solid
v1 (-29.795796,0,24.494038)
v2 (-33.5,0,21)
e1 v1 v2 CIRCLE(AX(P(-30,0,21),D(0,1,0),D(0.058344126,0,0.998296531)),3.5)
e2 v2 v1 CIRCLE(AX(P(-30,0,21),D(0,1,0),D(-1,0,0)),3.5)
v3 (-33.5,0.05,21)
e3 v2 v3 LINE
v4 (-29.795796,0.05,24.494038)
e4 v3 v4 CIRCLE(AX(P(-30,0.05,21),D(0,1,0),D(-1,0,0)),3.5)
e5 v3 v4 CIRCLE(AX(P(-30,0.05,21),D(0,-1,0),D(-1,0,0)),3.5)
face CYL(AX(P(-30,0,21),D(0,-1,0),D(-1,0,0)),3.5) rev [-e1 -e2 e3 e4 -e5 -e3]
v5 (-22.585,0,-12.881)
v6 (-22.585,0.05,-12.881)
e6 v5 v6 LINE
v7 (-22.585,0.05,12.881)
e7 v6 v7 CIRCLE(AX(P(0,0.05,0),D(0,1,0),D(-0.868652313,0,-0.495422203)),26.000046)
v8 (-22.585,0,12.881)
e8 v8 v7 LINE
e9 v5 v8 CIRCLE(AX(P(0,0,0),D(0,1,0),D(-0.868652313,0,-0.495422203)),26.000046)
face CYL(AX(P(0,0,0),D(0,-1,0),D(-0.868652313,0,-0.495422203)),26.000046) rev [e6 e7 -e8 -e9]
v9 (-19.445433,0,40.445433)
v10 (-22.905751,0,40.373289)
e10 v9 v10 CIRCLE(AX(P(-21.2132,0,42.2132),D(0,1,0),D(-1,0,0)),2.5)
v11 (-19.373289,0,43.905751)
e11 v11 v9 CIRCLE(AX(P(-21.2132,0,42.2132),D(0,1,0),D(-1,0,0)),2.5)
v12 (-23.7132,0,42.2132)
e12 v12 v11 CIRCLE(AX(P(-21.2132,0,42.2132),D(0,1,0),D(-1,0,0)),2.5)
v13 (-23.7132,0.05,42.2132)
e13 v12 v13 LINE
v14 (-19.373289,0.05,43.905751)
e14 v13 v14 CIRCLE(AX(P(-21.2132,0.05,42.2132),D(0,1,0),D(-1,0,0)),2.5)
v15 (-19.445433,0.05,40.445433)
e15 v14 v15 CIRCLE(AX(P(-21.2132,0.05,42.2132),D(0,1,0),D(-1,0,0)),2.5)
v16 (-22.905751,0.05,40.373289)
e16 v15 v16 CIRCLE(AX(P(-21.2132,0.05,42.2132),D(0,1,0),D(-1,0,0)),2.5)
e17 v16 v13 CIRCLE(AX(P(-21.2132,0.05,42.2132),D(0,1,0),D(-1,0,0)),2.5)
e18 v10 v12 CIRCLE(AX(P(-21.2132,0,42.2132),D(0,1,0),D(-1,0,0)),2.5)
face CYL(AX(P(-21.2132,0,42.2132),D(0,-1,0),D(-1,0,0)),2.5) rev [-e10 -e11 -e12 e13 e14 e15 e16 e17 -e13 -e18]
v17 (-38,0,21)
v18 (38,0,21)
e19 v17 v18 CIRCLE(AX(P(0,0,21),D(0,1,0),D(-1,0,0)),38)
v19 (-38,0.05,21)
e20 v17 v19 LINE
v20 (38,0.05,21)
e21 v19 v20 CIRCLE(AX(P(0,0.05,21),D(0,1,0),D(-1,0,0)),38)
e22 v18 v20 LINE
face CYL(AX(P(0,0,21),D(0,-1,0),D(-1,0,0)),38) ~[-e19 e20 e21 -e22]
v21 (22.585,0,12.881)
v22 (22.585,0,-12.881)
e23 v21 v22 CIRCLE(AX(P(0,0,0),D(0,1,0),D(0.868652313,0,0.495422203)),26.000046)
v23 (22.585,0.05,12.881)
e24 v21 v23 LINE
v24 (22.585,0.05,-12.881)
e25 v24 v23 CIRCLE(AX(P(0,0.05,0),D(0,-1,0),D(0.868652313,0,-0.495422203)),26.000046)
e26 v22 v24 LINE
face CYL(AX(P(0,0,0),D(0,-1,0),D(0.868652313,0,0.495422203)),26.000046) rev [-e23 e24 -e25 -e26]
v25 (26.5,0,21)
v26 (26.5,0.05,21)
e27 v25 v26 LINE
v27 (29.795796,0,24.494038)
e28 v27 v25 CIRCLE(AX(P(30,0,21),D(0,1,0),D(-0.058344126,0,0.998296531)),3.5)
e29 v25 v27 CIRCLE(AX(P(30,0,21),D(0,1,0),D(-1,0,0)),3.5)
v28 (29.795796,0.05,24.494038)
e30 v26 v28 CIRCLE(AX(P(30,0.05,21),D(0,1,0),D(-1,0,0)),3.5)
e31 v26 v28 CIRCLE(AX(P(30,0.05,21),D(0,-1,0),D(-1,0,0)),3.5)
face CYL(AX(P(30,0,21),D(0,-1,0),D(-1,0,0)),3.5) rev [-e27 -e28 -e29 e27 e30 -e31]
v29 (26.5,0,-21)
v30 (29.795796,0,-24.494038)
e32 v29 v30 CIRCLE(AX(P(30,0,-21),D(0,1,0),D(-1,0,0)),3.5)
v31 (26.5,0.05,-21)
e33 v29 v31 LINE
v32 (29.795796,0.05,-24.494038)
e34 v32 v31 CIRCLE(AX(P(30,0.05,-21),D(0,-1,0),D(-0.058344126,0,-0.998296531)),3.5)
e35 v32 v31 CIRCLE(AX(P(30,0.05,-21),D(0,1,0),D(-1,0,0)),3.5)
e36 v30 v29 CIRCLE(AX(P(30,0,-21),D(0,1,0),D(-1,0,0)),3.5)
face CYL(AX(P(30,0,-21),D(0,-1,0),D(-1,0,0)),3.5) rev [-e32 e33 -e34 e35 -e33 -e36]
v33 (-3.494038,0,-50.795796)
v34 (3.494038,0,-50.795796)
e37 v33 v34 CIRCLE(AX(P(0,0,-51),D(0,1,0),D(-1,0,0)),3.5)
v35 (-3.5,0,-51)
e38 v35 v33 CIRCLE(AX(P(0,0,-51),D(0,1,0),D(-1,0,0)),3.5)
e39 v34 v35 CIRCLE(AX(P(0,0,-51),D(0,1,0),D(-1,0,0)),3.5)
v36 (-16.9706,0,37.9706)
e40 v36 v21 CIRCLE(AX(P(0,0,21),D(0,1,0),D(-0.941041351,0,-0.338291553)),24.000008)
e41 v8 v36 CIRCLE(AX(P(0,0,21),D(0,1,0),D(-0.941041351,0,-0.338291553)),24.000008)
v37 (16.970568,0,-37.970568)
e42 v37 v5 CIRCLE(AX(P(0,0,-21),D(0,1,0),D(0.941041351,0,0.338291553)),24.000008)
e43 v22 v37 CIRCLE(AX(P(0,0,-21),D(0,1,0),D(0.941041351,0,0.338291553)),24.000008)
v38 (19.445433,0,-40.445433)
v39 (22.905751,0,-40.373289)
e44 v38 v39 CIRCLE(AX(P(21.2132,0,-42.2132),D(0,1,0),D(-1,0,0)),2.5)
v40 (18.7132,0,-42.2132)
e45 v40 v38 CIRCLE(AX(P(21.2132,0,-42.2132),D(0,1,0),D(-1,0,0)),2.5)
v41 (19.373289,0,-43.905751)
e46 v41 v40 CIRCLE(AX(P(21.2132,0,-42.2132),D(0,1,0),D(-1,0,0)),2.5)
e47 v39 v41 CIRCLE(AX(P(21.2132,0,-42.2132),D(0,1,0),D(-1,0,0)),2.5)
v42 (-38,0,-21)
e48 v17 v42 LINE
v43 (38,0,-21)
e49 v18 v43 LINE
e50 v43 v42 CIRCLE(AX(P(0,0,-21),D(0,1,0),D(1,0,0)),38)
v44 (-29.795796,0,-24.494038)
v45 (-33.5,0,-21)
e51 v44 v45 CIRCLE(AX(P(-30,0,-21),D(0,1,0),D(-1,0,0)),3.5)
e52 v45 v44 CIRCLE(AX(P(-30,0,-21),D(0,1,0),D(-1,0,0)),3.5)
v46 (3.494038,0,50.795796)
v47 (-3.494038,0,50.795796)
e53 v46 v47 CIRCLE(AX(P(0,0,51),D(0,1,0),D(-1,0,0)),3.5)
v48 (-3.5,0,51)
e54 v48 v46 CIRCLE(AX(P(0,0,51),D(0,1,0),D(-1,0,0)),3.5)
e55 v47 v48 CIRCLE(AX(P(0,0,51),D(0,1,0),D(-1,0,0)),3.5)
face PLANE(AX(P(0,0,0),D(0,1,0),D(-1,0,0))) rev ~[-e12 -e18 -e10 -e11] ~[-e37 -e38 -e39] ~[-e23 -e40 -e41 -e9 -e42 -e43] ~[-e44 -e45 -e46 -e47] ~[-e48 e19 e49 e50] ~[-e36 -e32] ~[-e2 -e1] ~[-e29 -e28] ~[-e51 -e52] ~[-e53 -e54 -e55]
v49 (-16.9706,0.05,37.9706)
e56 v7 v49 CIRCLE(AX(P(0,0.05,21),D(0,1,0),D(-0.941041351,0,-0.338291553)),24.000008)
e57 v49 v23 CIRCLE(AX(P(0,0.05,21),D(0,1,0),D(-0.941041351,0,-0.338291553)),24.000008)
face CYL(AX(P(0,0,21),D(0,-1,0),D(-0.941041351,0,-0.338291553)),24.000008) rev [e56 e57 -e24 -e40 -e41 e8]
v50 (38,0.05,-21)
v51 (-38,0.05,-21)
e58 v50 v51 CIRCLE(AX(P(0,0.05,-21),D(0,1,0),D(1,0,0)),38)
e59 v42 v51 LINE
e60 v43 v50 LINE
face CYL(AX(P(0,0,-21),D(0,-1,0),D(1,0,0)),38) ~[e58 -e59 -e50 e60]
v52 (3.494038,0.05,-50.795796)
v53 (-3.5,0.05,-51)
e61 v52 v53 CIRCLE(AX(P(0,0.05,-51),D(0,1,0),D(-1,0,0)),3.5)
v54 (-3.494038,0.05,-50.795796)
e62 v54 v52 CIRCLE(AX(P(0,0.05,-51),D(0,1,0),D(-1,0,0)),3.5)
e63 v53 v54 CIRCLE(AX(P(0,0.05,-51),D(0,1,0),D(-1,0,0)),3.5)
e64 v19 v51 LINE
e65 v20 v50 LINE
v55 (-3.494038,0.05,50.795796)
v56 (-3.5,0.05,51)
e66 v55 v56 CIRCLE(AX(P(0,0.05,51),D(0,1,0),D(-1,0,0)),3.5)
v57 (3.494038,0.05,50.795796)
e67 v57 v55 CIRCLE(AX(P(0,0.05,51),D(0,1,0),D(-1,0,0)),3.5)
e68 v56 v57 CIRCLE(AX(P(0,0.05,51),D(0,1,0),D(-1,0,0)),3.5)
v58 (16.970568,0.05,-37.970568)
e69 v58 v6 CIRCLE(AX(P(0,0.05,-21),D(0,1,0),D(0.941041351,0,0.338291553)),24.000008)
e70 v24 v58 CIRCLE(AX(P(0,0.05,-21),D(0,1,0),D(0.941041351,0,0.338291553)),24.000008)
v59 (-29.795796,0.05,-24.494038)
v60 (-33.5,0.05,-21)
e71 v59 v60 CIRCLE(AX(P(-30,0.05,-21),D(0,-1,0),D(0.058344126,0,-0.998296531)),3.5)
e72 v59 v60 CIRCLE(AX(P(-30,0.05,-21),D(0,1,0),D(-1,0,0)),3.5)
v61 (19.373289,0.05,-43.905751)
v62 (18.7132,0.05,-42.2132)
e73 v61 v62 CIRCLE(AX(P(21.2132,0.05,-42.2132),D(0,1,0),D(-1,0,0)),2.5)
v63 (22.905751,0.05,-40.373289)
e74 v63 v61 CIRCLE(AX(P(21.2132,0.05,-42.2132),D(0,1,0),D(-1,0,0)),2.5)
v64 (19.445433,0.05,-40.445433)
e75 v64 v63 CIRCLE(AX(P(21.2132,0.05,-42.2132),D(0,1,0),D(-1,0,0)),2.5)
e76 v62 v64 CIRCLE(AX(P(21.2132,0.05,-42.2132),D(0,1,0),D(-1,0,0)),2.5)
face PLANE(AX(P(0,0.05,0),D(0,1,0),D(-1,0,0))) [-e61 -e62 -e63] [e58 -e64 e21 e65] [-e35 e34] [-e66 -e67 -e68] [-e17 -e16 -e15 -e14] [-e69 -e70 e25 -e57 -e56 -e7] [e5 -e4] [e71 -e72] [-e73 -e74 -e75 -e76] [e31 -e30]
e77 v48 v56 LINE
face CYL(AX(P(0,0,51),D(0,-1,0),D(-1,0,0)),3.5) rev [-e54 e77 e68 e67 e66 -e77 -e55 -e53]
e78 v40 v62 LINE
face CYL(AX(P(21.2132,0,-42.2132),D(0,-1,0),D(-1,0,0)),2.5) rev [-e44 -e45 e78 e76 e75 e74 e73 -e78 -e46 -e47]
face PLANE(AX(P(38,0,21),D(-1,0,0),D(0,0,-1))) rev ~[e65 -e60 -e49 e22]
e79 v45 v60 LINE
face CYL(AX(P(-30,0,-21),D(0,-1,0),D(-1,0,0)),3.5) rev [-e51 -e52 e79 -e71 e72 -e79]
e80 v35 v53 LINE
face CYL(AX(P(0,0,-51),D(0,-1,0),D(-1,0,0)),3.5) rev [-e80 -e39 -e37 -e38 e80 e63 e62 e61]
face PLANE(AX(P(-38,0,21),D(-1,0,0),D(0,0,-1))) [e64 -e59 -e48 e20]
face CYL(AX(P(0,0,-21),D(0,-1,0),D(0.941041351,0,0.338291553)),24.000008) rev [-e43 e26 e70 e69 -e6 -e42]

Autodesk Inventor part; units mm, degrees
ref_plane "YZ Plane" through (0, 0, 0) normal (1, 0, 0) x (0, 1, 0)
ref_plane "XZ Plane" through (0, 0, 0) normal (0, 1, 0) x (-1, 0, 0)
ref_plane "XY Plane" through (0, 0, 0) normal (0, 0, 1) x (1, 0, 0)
sketch "草图1" plane through (0, 0, 0) normal (0, 1, 0) x (-1, 0, 0)
  line L0 (38, 21) -> (38, -21)
  line L1 (-38, 21) -> (-38, -21)
  circle A0 centre (0, 51) radius 3.5
  circle A1 centre (30, 21) radius 3.5
  circle A2 centre (-30, 21) radius 3.5
  circle A3 centre (-30, -21) radius 3.5
  circle A4 centre (0, -51) radius 3.5
  circle A5 centre (30, -21) radius 3.5
  line L2 (0, 21) -> (30, 21) construction
  line L3 (0, -21) -> (-21.2132, -42.2132)
  line L4 (0, -21) -> (30, -21) construction
  circle A6 centre (21.2132, 42.2132) radius 2.5
  circle A7 centre (-21.2132, -42.2132) radius 2.5
  arc A8 (22.585, -12.881) -> (22.585, 12.881) centre (0, 0) ccw
  arc A9 (-22.585, 12.881) -> (-22.585, -12.881) centre (0, 0) ccw
  line L5 (16.9706, 37.9706) -> (21.2132, 42.2132)
  line L6 (0, 21) -> (0, 17)
  line L7 (0, 3) -> (0, -21)
  line L8 (0, 0) -> (0, 3)
  line L9 (0, 17) -> (0, 21)
  arc A10 (-22.585, -12.881) -> (22.585, -12.881) centre (0, -21) ccw
  arc A11 (16.7965, -3.8571) -> (11.619, 0) centre (0, -21) ccw
  arc A12 (-29.7958, -17.506) -> (29.7958, -17.506) centre (0, -21) ccw
  arc A13 (21.4243, 0) -> (16.7965, 3.8571) centre (0, -21) ccw
  arc A14 (16.7965, -3.8571) -> (21.4243, 0) centre (0, 21) ccw
  arc A15 (11.619, 0) -> (16.7965, 3.8571) centre (0, 21) ccw
  arc A16 (22.585, 12.881) -> (-22.585, 12.881) centre (0, 21) ccw
  arc A17 (38, 21) -> (-38, 21) centre (0, 21) ccw
  arc A18 (-24.8069, 7.7857) -> (-26.2499, 6.4762) centre (0, -21) ccw
  arc A19 (-38, -21) -> (38, -21) centre (0, -21) ccw
  arc A20 (29.7958, 17.506) -> (-29.7958, 17.506) centre (0, 21) ccw
  arc A21 (-26.2499, 6.4762) -> (-25.4815, 5.1667) centre (0, 21) ccw
  dimension "d8" = 7
  dimension "d9" = 7
  dimension "d10" = 7
  dimension "d13" = 7
  dimension "d0" = 21
  dimension "d1" = 42
  dimension "d7" = 7
  dimension "d11" = 7
  dimension "d15" = 135
  dimension "d16" = 5
  dimension "d17" = 5
extrude "拉伸1" add sketch "草图1" along normal blind 0.05 contours L0 A19 L1 A17 | A9 A21 A18
properties part number "垫片" material "纸"
